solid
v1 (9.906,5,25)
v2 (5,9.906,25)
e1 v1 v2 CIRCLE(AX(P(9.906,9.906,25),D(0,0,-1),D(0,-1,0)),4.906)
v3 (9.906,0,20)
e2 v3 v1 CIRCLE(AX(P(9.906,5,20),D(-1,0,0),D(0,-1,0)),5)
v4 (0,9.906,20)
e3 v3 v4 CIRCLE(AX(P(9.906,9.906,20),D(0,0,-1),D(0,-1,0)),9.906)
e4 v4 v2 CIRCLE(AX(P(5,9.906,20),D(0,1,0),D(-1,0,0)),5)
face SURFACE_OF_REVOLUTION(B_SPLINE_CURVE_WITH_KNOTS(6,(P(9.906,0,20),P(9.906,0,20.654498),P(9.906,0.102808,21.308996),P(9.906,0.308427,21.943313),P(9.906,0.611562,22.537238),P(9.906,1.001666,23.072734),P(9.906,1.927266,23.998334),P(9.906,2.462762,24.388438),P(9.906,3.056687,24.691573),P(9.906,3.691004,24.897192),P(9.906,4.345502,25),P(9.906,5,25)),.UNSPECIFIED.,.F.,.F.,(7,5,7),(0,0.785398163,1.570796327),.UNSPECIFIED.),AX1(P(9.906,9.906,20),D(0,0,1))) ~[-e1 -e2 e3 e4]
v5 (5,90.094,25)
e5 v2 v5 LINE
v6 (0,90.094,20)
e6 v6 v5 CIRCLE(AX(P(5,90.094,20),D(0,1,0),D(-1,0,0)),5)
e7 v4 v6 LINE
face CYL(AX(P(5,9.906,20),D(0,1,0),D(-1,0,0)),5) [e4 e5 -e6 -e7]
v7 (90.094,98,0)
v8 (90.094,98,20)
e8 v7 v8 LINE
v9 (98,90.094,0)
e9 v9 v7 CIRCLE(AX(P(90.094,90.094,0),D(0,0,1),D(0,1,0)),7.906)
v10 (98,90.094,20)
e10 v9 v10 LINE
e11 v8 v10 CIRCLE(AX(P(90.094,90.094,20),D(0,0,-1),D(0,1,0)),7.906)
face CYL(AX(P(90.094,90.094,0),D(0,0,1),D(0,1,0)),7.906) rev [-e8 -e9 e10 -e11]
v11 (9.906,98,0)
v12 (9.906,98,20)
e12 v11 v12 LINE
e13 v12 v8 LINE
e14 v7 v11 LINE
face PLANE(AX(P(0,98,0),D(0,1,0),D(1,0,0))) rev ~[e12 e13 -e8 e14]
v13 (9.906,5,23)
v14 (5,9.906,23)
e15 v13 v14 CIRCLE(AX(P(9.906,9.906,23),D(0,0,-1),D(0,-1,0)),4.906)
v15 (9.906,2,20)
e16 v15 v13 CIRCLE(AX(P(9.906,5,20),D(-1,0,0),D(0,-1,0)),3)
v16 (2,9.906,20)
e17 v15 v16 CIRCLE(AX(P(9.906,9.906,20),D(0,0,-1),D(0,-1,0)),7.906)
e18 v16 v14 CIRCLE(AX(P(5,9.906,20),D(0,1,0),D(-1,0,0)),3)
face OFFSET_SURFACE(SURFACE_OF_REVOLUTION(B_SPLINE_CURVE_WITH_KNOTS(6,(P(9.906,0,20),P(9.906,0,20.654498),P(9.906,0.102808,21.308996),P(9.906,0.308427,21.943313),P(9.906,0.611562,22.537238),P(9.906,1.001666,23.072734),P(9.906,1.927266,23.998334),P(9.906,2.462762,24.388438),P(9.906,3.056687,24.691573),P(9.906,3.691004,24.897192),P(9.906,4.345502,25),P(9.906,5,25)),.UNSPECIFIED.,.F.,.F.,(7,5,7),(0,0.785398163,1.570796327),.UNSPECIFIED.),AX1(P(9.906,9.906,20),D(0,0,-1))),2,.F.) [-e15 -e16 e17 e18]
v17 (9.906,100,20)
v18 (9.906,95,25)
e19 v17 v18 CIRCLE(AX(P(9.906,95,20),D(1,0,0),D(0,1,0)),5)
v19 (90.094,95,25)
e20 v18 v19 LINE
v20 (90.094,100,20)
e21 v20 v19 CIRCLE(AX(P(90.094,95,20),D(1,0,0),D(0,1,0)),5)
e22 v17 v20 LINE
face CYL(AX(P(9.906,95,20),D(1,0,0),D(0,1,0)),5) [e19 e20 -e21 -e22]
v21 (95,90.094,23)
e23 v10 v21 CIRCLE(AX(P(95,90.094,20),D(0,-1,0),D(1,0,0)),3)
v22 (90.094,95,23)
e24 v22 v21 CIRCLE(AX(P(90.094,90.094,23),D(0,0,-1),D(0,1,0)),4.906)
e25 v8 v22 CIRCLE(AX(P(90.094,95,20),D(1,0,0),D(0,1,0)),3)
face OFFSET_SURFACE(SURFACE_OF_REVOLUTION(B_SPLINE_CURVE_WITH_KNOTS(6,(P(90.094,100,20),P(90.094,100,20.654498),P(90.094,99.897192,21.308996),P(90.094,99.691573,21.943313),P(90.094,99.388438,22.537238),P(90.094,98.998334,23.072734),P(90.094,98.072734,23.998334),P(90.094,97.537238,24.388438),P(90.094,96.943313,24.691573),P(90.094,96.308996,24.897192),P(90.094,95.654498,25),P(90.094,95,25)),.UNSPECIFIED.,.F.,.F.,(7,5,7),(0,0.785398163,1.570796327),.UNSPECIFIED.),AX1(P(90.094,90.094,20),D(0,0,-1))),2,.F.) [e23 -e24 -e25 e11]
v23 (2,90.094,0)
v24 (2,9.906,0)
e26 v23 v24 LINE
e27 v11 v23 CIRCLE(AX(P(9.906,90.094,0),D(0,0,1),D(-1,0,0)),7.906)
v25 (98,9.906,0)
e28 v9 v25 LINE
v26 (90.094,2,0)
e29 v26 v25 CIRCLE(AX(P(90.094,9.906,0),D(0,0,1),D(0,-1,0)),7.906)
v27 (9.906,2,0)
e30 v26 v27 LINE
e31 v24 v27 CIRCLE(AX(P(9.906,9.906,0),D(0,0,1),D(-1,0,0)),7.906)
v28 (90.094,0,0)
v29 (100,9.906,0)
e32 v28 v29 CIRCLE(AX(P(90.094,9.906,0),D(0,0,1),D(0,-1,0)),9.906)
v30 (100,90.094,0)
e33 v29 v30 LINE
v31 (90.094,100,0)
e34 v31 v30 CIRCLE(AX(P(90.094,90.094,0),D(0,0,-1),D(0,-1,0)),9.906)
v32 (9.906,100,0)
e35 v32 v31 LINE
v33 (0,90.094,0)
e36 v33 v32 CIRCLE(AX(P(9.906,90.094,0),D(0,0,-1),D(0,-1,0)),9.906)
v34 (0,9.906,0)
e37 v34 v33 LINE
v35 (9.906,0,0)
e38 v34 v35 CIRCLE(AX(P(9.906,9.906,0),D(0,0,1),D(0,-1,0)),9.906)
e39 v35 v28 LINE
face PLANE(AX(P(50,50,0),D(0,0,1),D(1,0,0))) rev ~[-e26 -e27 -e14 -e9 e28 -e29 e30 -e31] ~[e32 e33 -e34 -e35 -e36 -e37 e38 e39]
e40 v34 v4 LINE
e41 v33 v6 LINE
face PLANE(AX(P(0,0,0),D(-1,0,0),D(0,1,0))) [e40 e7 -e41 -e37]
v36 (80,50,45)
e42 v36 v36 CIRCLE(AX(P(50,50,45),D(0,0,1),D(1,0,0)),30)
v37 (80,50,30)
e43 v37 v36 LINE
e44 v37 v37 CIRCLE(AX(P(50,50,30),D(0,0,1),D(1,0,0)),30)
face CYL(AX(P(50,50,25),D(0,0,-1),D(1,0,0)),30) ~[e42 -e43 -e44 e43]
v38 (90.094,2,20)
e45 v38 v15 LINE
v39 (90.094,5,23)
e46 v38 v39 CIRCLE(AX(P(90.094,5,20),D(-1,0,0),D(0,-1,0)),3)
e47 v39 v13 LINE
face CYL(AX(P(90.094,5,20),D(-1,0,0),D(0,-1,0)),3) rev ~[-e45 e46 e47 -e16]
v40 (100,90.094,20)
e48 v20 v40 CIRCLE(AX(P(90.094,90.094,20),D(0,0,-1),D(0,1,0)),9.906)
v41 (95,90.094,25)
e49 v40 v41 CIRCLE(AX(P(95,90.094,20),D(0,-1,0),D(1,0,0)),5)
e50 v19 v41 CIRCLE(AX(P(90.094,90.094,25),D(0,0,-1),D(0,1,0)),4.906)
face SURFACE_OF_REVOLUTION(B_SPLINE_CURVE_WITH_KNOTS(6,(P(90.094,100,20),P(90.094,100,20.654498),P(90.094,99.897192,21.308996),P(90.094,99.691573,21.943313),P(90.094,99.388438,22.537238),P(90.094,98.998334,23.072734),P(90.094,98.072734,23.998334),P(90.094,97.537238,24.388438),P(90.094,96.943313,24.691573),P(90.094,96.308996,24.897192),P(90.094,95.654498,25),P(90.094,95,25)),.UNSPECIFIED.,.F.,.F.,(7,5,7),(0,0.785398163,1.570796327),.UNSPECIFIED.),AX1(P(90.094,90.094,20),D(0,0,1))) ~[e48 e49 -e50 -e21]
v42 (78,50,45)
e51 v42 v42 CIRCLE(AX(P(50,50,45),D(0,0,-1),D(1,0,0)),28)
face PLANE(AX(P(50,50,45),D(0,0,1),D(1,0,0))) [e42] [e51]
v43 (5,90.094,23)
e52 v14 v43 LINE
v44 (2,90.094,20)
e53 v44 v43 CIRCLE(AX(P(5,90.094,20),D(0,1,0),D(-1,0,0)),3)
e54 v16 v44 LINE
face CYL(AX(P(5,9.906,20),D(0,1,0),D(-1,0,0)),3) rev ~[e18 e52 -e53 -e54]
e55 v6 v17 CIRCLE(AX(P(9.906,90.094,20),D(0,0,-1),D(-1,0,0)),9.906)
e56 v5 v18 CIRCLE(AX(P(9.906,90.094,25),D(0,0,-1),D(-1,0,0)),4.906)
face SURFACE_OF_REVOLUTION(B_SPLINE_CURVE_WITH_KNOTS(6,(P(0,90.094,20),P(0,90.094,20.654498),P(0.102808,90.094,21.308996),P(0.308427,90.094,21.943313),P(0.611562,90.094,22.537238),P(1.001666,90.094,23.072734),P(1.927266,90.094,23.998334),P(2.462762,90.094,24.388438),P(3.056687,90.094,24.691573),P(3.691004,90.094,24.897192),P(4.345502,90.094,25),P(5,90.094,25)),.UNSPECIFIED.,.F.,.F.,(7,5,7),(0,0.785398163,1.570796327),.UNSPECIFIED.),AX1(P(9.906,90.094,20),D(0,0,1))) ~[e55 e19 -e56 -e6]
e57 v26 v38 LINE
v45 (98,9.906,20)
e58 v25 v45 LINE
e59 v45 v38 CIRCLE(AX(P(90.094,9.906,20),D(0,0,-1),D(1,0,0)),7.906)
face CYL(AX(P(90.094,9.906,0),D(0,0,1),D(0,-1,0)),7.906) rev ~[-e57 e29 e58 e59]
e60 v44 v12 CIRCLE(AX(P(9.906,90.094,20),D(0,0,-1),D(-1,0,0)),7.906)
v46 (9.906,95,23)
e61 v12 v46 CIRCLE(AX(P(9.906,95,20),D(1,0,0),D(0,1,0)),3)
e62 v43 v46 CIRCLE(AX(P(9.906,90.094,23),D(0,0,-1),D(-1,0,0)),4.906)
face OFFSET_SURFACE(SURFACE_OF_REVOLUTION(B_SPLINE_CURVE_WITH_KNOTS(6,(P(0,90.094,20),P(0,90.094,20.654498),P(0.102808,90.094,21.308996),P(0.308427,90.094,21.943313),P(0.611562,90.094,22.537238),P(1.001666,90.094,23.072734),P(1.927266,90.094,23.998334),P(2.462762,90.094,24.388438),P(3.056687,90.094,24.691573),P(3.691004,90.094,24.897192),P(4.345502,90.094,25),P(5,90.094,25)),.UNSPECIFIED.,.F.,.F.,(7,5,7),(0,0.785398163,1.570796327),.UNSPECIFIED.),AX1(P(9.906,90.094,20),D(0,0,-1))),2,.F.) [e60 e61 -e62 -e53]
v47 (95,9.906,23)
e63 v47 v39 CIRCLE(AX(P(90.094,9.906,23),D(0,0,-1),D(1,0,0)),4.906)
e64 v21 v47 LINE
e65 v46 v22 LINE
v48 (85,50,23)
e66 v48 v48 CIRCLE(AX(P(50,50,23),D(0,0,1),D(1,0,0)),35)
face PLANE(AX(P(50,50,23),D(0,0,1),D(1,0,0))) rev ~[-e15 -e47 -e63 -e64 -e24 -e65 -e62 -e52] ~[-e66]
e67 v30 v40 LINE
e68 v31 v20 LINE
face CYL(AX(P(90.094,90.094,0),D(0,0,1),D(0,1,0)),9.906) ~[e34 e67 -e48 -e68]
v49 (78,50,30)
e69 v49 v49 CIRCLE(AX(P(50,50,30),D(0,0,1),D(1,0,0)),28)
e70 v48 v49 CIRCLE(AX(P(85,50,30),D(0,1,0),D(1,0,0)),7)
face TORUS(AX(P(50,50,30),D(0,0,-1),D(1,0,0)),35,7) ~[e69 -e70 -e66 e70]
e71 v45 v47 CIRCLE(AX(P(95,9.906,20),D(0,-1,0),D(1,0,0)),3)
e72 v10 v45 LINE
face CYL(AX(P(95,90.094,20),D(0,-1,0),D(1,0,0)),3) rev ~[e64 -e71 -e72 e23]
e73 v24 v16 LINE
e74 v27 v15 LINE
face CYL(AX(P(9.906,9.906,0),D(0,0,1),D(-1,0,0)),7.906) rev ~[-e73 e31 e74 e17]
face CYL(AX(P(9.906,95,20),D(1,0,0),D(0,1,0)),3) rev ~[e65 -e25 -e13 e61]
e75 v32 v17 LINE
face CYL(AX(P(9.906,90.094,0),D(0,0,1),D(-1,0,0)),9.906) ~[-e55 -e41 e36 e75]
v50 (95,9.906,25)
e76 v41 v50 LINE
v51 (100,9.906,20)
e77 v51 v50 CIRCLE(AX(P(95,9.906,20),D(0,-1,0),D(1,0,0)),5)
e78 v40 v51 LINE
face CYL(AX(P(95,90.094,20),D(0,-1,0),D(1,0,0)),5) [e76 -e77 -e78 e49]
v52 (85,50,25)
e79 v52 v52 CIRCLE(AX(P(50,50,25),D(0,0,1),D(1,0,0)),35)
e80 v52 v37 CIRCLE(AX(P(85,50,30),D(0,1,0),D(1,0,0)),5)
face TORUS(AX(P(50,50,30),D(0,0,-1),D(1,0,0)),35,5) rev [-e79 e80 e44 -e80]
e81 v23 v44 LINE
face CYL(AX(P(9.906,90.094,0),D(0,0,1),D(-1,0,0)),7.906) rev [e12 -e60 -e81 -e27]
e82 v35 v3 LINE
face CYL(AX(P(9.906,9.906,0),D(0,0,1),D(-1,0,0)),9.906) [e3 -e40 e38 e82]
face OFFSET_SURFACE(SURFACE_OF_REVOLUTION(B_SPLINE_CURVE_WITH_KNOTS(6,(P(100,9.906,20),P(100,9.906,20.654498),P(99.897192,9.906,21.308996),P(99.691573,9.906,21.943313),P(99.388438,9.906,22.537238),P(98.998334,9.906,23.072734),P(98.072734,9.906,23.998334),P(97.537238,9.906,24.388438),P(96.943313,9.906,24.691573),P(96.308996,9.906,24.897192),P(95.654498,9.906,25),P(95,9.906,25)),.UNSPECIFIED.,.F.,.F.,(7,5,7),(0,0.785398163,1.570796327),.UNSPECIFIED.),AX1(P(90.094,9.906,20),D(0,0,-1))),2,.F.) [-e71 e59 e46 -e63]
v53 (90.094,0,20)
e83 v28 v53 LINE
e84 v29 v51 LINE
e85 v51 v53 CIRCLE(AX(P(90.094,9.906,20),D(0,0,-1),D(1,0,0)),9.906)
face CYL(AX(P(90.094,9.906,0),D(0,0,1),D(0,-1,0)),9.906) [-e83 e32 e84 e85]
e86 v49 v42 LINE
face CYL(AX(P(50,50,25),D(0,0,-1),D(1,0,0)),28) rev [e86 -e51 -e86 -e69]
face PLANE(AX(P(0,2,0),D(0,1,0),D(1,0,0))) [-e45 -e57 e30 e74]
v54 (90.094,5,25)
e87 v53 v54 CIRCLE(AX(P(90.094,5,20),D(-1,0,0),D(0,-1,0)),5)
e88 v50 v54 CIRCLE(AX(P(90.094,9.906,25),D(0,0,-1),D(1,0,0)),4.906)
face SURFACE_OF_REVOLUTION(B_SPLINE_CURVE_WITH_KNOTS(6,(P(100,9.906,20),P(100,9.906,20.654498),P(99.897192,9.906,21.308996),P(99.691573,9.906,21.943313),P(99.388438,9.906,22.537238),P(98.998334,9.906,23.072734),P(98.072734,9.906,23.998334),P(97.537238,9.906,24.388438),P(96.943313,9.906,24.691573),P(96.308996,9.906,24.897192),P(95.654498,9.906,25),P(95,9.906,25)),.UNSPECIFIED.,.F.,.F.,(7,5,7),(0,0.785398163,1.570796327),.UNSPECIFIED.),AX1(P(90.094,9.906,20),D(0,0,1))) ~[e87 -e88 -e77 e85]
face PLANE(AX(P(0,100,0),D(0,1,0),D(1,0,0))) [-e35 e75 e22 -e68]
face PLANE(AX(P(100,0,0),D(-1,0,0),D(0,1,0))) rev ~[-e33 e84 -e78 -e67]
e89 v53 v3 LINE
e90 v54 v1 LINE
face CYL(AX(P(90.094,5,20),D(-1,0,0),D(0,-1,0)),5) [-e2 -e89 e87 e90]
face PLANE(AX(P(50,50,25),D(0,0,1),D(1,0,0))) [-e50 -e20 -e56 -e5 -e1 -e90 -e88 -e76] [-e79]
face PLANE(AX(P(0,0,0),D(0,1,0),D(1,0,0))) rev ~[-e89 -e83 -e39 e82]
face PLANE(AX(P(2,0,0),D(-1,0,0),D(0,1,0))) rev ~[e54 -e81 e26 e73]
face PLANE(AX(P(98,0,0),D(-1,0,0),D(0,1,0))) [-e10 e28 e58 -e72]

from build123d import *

# Parameters (mm, degrees)
SKETCH_W     = 100
SKETCH_H     = 100
PAD_DEPTH    = 25
SKETCH001_R  = 30
PAD001_DEPTH = 20
FILLET_R     = 9.906
FILLET001_R  = 5
THICKNESS_T  = -2


with BuildPart() as part:
    # Sketch → Pad (new body)
    with BuildSketch(Plane.XY):
        with Locations((50, 50)):
            Rectangle(SKETCH_W, SKETCH_H)
    extrude(amount=PAD_DEPTH)

    # Sketch001 (on Face6 of Pad) → Pad001 (join)
    with BuildSketch(Plane.XY.offset(25)):
        with Locations((50, 50)):
            Circle(SKETCH001_R)
    extrude(amount=PAD001_DEPTH)

    # Fillet
    fillet_edges = [part.edges().sort_by_distance(p)[0] for p in [
        (0, 0, 12.5),
        (100, 0, 12.5),
        (100, 100, 12.5),
        (0, 100, 12.5),
    ]]
    fillet(fillet_edges, radius=FILLET_R)

    # Fillet001
    fillet001_edges = [part.edges().sort_by_distance(p)[0] for p in [
        (0, 50, 25),
        (2.9014, 97.0986, 25),
        (2.9014, 2.9014, 25),
        (50, 100, 25),
        (50, 0, 25),
        (97.0986, 97.0986, 25),
        (97.0986, 2.9014, 25),
        (100, 50, 25),
        (20, 50, 25),
    ]]
    fillet(fillet001_edges, radius=FILLET001_R)

    # Thickness
    thickness_openings = [part.faces().sort_by_distance(p)[0] for p in [
        (50, 50, 0),
        (50, 50, 45),
    ]]
    offset(amount=THICKNESS_T, openings=thickness_openings, kind=Kind.INTERSECTION)


solid = part.part
